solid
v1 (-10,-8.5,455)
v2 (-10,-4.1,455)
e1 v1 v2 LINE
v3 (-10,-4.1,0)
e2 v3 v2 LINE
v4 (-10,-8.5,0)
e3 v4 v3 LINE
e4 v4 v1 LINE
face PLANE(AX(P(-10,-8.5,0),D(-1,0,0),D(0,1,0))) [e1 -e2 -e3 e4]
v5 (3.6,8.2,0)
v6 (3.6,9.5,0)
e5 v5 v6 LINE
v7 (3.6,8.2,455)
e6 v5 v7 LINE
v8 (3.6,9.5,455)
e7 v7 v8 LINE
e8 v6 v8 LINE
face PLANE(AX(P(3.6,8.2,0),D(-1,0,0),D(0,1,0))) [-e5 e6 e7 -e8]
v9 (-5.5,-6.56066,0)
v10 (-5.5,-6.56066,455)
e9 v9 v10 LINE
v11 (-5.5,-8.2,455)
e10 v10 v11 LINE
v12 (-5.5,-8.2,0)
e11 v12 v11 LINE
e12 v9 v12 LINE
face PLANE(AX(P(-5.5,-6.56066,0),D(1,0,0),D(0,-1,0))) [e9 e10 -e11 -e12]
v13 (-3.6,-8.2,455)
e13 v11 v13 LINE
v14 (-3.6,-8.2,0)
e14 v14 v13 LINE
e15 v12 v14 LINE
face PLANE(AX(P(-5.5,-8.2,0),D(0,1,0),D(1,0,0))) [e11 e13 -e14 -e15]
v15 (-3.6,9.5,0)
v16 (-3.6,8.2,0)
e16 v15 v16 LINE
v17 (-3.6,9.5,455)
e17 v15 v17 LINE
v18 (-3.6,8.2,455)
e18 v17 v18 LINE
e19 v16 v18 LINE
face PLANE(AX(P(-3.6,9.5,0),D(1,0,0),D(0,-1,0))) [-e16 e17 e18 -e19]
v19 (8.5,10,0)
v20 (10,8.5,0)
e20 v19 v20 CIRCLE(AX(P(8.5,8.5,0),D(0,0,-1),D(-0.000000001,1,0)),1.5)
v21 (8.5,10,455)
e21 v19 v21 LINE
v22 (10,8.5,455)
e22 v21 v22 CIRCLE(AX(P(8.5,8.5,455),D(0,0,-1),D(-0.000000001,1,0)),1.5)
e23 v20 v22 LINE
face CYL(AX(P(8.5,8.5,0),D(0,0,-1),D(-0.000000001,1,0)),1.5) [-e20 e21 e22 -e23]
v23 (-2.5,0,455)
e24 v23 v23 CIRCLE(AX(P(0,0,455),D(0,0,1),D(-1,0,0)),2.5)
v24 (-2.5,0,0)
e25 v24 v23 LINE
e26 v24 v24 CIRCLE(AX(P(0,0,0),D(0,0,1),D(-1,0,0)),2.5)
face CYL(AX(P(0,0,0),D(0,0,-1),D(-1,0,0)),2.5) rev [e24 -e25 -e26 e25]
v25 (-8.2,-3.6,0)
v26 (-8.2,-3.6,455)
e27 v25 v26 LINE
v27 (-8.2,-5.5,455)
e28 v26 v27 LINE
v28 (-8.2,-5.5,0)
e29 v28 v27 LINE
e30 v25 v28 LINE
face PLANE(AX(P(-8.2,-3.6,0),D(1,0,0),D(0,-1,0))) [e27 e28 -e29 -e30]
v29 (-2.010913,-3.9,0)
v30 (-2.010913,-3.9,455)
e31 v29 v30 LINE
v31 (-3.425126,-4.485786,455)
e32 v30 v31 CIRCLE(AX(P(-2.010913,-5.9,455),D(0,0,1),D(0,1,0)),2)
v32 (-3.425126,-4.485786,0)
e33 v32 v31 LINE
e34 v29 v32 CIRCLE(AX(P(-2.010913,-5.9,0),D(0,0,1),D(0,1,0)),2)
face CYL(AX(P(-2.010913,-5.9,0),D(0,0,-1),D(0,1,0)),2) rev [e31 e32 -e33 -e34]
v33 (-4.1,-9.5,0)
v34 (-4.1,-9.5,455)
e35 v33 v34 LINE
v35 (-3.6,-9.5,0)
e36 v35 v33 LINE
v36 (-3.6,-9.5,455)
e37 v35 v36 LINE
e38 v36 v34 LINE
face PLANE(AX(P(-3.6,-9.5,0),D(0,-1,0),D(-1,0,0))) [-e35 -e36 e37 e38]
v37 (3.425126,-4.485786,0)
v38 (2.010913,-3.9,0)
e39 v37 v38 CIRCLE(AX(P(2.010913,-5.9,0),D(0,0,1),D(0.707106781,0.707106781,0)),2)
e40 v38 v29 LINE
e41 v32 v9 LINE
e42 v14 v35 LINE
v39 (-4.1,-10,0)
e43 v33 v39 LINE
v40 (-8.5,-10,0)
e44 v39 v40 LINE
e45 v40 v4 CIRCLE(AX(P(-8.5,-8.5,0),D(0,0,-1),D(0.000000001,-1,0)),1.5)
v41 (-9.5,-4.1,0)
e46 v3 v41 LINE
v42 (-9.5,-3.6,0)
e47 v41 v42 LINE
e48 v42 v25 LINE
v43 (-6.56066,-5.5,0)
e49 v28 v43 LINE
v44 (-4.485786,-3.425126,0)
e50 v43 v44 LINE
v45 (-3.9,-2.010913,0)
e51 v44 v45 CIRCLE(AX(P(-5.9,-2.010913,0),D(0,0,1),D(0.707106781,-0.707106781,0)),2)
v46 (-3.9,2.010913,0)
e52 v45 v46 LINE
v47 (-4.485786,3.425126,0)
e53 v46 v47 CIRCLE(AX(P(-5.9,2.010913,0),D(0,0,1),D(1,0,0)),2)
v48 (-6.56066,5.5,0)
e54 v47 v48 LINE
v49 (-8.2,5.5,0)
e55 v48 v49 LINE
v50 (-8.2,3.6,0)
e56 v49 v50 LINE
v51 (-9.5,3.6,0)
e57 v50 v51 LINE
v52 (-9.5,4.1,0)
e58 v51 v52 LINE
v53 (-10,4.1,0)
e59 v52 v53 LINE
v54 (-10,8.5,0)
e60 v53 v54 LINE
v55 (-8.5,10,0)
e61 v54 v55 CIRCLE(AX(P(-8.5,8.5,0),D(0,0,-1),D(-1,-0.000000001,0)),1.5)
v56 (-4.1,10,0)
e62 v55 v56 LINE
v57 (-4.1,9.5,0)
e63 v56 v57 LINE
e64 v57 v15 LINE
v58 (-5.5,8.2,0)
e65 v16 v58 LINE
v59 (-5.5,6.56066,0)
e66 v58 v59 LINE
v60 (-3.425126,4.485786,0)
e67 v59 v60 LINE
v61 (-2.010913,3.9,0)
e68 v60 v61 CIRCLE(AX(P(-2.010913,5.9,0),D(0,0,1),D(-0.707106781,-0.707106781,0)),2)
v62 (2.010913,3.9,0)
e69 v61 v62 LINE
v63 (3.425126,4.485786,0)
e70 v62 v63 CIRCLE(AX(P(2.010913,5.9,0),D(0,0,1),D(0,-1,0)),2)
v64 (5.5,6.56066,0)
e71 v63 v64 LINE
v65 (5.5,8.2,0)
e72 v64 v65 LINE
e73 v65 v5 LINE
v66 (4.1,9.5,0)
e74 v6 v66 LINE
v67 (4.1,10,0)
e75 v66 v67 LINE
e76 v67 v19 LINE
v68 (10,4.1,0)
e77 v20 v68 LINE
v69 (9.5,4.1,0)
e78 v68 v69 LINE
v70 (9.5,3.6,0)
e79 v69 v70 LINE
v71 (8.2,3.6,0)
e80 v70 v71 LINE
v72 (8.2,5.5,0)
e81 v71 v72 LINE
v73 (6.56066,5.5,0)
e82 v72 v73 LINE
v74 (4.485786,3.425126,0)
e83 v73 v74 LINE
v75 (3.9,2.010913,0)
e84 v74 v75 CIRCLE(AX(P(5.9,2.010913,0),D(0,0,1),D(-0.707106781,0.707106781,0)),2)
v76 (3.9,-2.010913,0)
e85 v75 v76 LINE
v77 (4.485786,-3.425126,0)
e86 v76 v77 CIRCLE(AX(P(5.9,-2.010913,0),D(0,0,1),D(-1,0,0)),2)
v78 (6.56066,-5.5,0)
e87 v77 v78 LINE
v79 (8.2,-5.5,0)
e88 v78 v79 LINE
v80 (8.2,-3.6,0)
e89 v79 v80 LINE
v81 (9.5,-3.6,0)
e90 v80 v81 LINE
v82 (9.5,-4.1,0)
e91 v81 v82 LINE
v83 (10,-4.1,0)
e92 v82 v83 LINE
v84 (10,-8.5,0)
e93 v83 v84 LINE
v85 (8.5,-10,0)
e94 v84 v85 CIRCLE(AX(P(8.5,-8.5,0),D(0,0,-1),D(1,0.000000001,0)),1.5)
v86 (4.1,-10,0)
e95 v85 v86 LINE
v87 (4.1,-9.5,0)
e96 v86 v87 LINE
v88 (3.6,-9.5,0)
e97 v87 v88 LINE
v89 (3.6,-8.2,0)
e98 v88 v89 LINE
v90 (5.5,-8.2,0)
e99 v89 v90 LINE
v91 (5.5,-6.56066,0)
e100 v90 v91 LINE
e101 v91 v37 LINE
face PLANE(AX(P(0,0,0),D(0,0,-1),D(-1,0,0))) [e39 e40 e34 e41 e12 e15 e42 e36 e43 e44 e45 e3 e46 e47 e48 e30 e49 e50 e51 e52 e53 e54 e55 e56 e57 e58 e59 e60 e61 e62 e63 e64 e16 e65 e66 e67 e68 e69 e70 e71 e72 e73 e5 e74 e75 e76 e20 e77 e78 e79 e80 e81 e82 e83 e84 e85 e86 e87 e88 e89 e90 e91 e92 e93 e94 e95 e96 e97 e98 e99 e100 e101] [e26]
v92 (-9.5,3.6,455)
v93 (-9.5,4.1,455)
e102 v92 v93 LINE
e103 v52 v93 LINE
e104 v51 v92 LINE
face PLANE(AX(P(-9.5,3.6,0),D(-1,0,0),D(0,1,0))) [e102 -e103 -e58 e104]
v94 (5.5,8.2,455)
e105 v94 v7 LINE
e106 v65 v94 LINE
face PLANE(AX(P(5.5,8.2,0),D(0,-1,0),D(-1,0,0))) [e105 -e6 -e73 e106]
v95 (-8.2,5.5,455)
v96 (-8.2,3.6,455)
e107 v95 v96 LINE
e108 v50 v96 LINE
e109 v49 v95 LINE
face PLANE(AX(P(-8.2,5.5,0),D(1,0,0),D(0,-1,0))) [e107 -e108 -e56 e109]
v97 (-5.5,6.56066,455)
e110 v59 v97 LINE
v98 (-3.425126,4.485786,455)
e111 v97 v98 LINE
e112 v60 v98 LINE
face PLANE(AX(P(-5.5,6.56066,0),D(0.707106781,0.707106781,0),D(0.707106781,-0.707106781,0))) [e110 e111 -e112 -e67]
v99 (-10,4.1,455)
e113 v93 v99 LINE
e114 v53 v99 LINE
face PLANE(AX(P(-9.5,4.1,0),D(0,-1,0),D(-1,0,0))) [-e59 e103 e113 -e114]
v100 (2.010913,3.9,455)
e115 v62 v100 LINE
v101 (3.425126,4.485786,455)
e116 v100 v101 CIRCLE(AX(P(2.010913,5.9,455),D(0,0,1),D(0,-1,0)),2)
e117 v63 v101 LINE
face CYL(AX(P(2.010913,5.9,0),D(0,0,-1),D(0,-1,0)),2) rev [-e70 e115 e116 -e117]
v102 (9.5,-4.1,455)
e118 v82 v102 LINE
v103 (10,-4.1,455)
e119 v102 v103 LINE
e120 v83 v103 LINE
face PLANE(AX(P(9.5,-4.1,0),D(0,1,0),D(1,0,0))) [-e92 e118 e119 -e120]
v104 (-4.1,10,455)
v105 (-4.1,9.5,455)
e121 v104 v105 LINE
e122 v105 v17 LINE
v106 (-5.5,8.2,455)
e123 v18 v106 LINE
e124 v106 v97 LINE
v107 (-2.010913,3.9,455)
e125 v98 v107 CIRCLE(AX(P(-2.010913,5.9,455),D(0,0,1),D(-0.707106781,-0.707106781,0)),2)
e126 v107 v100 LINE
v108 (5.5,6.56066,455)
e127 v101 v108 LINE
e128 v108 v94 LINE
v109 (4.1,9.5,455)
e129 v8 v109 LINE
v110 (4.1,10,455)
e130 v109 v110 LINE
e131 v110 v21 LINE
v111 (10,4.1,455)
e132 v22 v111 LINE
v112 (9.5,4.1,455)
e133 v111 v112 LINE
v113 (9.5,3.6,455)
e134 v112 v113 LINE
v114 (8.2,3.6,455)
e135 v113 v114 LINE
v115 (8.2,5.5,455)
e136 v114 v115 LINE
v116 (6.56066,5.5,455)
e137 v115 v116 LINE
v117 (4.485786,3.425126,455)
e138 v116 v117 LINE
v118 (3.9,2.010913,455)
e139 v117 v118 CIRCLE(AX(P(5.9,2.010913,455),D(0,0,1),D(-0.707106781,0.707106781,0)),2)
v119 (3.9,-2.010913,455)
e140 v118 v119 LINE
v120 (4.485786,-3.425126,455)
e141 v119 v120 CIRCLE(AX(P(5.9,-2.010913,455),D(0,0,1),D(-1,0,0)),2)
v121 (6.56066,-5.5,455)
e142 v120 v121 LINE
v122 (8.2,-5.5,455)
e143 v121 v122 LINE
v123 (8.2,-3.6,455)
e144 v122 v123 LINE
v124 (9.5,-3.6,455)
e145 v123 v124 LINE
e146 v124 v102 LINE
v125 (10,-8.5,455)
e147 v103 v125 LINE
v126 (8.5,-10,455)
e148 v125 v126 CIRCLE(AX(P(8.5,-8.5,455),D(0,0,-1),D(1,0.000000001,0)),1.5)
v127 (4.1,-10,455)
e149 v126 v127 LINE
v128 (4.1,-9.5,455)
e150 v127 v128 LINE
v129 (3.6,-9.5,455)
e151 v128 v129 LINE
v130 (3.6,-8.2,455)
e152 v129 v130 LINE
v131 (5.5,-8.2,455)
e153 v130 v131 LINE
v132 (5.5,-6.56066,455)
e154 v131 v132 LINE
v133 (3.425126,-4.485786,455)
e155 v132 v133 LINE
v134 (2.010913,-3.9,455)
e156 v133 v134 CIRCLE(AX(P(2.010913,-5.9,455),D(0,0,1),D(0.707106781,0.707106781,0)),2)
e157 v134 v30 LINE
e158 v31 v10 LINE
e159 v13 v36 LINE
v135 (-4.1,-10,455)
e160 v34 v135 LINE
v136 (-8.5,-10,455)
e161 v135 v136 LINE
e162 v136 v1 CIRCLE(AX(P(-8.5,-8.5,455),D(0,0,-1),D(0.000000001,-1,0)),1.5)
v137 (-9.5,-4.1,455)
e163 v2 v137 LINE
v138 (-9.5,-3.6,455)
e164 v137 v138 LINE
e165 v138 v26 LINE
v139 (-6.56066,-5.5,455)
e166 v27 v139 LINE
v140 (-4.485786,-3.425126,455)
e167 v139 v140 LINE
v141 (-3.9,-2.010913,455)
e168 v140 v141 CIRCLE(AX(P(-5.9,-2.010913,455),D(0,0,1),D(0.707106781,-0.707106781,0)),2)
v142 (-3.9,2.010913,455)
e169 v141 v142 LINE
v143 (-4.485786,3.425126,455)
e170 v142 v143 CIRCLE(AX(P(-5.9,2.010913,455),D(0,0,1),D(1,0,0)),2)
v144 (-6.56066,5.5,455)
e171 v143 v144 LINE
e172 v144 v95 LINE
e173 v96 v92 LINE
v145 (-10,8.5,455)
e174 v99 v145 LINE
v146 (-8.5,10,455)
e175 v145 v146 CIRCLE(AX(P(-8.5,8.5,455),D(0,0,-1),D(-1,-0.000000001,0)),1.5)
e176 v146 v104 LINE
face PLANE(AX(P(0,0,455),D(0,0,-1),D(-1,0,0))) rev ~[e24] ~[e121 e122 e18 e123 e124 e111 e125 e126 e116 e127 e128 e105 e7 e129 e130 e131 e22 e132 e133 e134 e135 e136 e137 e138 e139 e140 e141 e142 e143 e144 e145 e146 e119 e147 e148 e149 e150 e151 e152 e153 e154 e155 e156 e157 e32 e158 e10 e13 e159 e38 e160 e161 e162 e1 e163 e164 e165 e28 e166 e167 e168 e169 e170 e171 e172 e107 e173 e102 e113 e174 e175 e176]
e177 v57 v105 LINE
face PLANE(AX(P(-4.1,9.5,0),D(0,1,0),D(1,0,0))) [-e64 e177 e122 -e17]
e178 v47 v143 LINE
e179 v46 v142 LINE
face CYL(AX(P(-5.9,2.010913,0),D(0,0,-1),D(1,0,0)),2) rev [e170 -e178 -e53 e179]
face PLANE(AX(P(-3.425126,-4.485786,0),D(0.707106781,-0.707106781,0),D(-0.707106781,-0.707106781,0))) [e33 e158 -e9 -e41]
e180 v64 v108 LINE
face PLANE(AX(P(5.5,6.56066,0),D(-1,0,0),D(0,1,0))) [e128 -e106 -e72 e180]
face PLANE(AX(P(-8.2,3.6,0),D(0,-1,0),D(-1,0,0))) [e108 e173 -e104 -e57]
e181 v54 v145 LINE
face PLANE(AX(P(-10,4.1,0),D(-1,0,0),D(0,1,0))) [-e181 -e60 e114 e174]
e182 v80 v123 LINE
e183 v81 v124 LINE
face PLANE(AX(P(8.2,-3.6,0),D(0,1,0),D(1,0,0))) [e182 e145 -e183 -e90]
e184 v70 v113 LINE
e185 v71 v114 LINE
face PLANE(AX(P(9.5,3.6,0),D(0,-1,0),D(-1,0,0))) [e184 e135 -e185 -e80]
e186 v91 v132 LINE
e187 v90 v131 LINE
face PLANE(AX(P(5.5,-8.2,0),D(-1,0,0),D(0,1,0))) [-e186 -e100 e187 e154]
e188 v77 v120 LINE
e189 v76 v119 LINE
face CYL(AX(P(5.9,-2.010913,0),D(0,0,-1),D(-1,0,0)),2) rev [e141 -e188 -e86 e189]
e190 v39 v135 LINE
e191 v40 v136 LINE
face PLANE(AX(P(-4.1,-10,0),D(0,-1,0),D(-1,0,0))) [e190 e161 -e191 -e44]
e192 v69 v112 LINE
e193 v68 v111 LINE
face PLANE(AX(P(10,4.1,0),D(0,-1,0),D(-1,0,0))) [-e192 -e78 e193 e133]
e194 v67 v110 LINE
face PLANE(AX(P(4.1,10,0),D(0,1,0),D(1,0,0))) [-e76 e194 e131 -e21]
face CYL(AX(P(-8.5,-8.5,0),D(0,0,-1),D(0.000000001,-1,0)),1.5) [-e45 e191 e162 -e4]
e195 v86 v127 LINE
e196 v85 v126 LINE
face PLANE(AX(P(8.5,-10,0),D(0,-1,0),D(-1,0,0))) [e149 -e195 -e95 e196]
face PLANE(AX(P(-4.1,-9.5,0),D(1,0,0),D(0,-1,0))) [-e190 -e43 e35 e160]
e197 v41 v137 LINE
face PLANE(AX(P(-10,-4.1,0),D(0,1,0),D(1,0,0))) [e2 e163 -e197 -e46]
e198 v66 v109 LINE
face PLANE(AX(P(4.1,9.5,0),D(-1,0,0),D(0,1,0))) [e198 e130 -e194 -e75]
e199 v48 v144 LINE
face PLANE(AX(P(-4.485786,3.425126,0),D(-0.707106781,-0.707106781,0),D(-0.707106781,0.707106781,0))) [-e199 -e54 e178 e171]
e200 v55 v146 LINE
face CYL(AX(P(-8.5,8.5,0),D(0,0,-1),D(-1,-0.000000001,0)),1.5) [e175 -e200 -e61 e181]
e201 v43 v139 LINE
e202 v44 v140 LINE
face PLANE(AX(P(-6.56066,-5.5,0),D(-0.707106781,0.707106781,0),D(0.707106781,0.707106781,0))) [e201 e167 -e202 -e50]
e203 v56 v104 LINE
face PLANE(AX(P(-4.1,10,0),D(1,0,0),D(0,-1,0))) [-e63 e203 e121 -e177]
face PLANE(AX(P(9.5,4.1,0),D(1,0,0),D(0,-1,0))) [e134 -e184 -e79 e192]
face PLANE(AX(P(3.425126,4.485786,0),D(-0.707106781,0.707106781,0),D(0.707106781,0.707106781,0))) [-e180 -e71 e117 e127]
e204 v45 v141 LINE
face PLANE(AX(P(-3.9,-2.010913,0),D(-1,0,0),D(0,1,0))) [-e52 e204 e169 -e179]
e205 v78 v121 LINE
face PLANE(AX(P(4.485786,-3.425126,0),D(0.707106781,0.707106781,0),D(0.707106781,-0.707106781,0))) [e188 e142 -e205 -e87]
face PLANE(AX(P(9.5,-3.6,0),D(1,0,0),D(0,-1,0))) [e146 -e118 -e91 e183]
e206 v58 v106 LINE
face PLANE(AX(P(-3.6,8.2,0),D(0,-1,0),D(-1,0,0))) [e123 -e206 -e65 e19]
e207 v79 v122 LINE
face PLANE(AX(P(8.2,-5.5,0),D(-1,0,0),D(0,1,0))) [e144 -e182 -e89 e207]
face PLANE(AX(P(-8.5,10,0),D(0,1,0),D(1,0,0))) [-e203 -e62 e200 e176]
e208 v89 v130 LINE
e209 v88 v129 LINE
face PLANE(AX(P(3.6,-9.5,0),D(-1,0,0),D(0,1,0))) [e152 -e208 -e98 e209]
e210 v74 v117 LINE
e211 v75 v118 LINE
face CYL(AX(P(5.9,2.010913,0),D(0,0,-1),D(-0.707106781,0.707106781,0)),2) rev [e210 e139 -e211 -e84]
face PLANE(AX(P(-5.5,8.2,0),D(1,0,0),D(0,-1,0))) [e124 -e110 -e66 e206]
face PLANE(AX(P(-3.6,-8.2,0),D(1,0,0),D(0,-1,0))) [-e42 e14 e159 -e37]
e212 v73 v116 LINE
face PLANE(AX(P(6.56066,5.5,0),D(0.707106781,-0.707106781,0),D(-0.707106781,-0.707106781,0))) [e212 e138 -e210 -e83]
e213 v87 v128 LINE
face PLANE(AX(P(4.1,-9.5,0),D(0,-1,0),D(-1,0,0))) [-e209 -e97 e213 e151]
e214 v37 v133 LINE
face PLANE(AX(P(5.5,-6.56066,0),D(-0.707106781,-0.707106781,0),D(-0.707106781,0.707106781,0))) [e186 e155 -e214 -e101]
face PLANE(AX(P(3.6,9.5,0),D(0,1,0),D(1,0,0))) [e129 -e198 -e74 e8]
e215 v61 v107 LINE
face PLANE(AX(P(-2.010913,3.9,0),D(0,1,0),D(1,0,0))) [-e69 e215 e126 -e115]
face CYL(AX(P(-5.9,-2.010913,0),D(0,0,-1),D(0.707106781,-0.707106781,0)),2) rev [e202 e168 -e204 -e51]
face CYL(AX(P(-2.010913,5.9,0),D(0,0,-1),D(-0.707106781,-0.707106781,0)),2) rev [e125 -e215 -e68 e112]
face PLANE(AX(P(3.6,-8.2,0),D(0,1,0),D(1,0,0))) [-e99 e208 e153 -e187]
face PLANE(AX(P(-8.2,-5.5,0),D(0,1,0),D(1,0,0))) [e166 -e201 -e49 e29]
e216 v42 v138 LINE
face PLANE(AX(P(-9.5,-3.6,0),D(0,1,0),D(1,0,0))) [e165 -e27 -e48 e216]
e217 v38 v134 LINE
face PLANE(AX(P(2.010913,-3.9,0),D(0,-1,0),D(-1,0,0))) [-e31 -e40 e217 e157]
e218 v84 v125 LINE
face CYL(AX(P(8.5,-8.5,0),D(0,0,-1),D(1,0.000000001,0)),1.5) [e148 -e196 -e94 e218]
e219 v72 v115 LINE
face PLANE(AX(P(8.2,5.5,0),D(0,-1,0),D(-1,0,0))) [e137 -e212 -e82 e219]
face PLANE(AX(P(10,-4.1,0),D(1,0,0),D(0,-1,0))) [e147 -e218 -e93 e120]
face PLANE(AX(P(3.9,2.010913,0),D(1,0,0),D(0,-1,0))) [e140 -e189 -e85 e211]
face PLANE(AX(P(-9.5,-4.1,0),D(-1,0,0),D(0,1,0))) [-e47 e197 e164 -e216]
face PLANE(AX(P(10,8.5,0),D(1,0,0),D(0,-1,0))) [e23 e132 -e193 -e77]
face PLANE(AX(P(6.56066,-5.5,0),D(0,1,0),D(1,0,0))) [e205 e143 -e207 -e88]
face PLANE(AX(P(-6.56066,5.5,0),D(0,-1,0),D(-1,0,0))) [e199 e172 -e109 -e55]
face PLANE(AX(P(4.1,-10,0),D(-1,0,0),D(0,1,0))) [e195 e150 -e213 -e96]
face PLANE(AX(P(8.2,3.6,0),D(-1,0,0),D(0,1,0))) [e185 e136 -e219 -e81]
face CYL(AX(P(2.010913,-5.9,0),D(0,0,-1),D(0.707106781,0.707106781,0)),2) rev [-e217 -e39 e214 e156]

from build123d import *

# Parameters (mm, degrees)
SKETCH1_R           = 2.5
BOSS_EXTRUDE2_DEPTH = 455


with BuildPart() as part:
    # Sketch1 → Boss-Extrude2 (new body)
    with BuildSketch(Plane.XY):
        with BuildLine():
            Line((10, -4.1), (10, -8.5))
            ThreePointArc((10, -8.5), (9.560660172, -9.560660172), (8.5, -10))
            Line((8.5, -10), (4.1, -10))
            Line((4.1, -10), (4.1, -9.5))
            Line((4.1, -9.5), (3.6, -9.5))
            Line((3.6, -9.5), (3.6, -8.2))
            Line((3.6, -8.2), (5.5, -8.2))
            Line((5.5, -8.2), (5.5, -6.560660172))
            Line((5.5, -6.560660172), (3.425126266, -4.485786438))
            ThreePointArc((3.425126266, -4.485786438), (2.776279568, -4.052240935), (2.010912703, -3.9))
            Line((2.010912703, -3.9), (-2.010912703, -3.9))
            ThreePointArc((-2.010912703, -3.9), (-2.776279568, -4.052240935), (-3.425126266, -4.485786438))
            Line((-3.425126266, -4.485786438), (-5.5, -6.560660172))
            Line((-5.5, -6.560660172), (-5.5, -8.2))
            Line((-5.5, -8.2), (-3.6, -8.2))
            Line((-3.6, -8.2), (-3.6, -9.5))
            Line((-3.6, -9.5), (-4.1, -9.5))
            Line((-4.1, -9.5), (-4.1, -10))
            Line((-4.1, -10), (-8.5, -10))
            ThreePointArc((-8.5, -10), (-9.560660172, -9.560660172), (-10, -8.5))
            Line((-10, -8.5), (-10, -4.1))
            Line((-10, -4.1), (-9.5, -4.1))
            Line((-9.5, -4.1), (-9.5, -3.6))
            Line((-9.5, -3.6), (-8.2, -3.6))
            Line((-8.2, -3.6), (-8.2, -5.5))
            Line((-8.2, -5.5), (-6.560660172, -5.5))
            Line((-6.560660172, -5.5), (-4.485786438, -3.425126266))
            ThreePointArc((-4.485786438, -3.425126266), (-4.052240935, -2.776279568), (-3.9, -2.010912703))
            Line((-3.9, -2.010912703), (-3.9, 2.010912703))
            ThreePointArc((-3.9, 2.010912703), (-4.052240935, 2.776279568), (-4.485786438, 3.425126266))
            Line((-4.485786438, 3.425126266), (-6.560660172, 5.5))
            Line((-6.560660172, 5.5), (-8.2, 5.5))
            Line((-8.2, 5.5), (-8.2, 3.6))
            Line((-8.2, 3.6), (-9.5, 3.6))
            Line((-9.5, 3.6), (-9.5, 4.1))
            Line((-9.5, 4.1), (-10, 4.1))
            Line((-10, 4.1), (-10, 8.5))
            ThreePointArc((-10, 8.5), (-9.560660172, 9.560660172), (-8.5, 10))
            Line((-8.5, 10), (-4.1, 10))
            Line((-4.1, 10), (-4.1, 9.5))
            Line((-4.1, 9.5), (-3.6, 9.5))
            Line((-3.6, 9.5), (-3.6, 8.2))
            Line((-3.6, 8.2), (-5.5, 8.2))
            Line((-5.5, 8.2), (-5.5, 6.560660172))
            Line((-5.5, 6.560660172), (-3.425126266, 4.485786438))
            ThreePointArc((-3.425126266, 4.485786438), (-2.776279568, 4.052240935), (-2.010912703, 3.9))
            Line((-2.010912703, 3.9), (2.010912703, 3.9))
            ThreePointArc((2.010912703, 3.9), (2.776279568, 4.052240935), (3.425126266, 4.485786438))
            Line((3.425126266, 4.485786438), (5.5, 6.560660172))
            Line((5.5, 6.560660172), (5.5, 8.2))
            Line((5.5, 8.2), (3.6, 8.2))
            Line((3.6, 8.2), (3.6, 9.5))
            Line((3.6, 9.5), (4.1, 9.5))
            Line((4.1, 9.5), (4.1, 10))
            Line((4.1, 10), (8.5, 10))
            ThreePointArc((8.5, 10), (9.560660172, 9.560660172), (10, 8.5))
            Line((10, 8.5), (10, 4.1))
            Line((10, 4.1), (9.5, 4.1))
            Line((9.5, 4.1), (9.5, 3.6))
            Line((9.5, 3.6), (8.2, 3.6))
            Line((8.2, 3.6), (8.2, 5.5))
            Line((8.2, 5.5), (6.560660172, 5.5))
            Line((6.560660172, 5.5), (4.485786438, 3.425126266))
            ThreePointArc((4.485786438, 3.425126266), (4.052240935, 2.776279568), (3.9, 2.010912703))
            Line((3.9, 2.010912703), (3.9, -2.010912703))
            ThreePointArc((3.9, -2.010912703), (4.052240935, -2.776279568), (4.485786438, -3.425126266))
            Line((4.485786438, -3.425126266), (6.560660172, -5.5))
            Line((6.560660172, -5.5), (8.2, -5.5))
            Line((8.2, -5.5), (8.2, -3.6))
            Line((8.2, -3.6), (9.5, -3.6))
            Line((9.5, -3.6), (9.5, -4.1))
            Line((9.5, -4.1), (10, -4.1))
        make_face()
        with Locations(Location((0, 0, 0), (0, 0, 180))):
            Circle(SKETCH1_R, mode=Mode.SUBTRACT)
    extrude(amount=BOSS_EXTRUDE2_DEPTH)


solid = part.part
